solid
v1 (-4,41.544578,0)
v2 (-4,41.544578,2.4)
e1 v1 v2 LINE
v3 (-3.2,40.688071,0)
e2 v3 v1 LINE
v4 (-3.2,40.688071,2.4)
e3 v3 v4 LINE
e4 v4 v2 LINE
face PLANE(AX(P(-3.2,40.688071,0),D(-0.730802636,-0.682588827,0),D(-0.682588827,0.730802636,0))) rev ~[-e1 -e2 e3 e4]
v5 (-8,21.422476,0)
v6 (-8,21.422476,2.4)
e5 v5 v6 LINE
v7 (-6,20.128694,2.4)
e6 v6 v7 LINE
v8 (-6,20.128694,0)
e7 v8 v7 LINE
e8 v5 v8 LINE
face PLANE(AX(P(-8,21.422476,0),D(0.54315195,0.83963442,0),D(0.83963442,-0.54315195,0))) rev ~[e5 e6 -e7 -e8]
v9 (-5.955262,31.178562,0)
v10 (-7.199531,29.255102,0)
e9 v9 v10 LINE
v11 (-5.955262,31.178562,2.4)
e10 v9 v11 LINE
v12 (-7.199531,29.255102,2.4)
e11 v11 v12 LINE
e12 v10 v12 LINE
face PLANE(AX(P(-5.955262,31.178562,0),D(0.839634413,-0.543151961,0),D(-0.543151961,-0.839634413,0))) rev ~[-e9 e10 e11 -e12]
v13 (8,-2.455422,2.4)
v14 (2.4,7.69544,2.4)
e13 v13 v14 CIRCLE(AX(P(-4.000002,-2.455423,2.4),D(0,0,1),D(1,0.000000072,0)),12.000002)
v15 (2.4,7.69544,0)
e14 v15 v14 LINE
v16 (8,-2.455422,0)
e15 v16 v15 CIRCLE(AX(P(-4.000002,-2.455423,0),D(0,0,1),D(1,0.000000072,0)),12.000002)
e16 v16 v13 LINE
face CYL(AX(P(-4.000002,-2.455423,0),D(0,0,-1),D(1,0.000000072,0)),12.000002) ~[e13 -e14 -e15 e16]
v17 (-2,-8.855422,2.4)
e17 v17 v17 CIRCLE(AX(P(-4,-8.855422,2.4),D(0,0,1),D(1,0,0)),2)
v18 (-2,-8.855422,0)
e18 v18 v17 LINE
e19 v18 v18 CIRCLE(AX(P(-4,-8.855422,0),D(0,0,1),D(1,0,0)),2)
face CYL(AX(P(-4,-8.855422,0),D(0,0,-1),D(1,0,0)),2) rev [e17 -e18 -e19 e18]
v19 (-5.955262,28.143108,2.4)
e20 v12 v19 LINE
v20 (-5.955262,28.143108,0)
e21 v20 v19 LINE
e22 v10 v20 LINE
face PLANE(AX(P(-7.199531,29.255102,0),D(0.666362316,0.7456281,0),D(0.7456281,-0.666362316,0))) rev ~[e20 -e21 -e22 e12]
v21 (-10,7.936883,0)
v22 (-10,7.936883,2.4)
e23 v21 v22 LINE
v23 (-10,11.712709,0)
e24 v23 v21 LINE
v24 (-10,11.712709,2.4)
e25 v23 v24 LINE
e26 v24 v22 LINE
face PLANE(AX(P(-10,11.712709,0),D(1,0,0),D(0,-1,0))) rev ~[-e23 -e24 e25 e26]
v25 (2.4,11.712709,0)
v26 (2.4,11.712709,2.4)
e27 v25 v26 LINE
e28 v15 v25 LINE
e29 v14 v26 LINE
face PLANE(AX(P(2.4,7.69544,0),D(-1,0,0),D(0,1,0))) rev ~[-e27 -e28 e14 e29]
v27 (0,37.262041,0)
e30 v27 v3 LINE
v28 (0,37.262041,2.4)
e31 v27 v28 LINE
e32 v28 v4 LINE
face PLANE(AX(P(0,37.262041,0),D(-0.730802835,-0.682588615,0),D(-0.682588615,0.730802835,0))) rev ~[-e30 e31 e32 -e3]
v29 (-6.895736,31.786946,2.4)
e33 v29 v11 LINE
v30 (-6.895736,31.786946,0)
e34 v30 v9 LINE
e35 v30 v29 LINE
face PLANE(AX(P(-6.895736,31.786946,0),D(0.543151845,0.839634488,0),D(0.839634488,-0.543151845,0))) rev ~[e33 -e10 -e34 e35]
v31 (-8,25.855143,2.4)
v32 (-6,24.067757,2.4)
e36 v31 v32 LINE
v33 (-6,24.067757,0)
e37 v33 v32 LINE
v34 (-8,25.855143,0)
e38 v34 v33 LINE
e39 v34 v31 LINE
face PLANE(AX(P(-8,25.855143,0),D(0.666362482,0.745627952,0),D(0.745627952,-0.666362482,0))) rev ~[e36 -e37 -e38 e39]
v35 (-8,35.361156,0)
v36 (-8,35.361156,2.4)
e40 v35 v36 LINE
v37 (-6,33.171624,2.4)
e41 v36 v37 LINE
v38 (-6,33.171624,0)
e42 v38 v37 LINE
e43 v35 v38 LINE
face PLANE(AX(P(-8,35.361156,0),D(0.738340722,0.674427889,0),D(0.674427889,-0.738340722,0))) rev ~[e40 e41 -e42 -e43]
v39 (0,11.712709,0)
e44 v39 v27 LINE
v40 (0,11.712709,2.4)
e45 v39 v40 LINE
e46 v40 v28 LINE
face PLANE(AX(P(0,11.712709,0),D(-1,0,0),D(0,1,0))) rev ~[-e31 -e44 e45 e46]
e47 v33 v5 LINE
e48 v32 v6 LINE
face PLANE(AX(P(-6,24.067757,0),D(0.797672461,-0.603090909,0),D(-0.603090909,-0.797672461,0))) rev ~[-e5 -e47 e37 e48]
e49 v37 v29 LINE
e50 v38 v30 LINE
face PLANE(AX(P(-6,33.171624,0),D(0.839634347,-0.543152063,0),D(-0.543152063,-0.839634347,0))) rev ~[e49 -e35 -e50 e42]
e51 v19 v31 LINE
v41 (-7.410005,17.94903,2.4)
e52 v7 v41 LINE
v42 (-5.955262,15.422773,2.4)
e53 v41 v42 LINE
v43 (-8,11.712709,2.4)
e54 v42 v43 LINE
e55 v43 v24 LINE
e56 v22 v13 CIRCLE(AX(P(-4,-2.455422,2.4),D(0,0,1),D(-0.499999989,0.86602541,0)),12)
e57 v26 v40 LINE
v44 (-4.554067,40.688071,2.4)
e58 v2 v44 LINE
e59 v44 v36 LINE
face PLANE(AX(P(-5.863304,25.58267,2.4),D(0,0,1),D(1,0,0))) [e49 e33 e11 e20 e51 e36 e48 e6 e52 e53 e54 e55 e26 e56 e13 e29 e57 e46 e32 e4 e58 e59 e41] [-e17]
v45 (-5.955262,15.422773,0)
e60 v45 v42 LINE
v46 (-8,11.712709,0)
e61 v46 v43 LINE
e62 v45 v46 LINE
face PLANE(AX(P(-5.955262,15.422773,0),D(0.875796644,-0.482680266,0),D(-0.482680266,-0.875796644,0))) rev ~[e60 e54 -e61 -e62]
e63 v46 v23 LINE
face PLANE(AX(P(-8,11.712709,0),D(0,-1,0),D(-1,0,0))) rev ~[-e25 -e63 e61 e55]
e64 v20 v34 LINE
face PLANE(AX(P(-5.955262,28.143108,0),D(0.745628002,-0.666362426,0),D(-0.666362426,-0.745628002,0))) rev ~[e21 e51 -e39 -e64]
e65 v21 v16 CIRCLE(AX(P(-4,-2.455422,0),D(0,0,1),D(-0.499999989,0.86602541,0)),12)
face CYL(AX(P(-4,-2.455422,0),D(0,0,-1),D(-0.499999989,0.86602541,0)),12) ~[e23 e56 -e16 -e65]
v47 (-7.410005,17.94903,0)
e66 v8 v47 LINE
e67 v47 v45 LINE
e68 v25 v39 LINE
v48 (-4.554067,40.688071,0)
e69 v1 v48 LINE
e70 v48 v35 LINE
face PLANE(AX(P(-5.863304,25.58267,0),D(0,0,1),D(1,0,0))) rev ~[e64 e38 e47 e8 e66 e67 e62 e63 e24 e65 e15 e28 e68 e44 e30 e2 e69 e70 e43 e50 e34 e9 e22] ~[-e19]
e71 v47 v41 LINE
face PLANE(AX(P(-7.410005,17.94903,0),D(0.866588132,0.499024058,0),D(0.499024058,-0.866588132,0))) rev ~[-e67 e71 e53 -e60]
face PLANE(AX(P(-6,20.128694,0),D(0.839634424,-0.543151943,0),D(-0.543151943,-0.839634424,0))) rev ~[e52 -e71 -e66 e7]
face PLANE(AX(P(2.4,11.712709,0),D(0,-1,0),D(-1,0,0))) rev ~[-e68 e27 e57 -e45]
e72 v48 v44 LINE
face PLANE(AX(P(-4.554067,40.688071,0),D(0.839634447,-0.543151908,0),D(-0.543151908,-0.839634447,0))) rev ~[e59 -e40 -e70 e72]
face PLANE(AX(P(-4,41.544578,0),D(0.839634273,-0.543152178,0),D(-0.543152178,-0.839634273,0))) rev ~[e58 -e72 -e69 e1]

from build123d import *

# Parameters (mm, degrees)
F0_R     = 2
F1_DEPTH = 2.4


with BuildPart() as f1:
    # F0 (on Top) → F1 (new body)
    with BuildSketch(Plane.XY):
        Polygon((-5.955262, 15.422773), (-8, 11.712709), (-4.8, 11.712709), (-4.554067, 40.688071), (-8, 35.361156), (-6, 33.171624), (-6.895736, 31.786946), (-5.955262, 31.178562), (-7.199531, 29.255102), (-5.955262, 28.143108), (-8, 25.855143), (-6, 24.067757), (-8, 21.422476), (-6, 20.128694), (-7.410005, 17.94903), align=None)
        Polygon((-3.2, 11.712709), (0, 11.712709), (0, 37.262041), (-3.2, 40.688071), align=None)
        with BuildLine():
            Line((-10, 11.712709), (-10, 7.936883))
            ThreePointArc((-10, 7.936883), (-7.105829, 9.135688), (-4, 9.544578))
            Line((-4, 9.544578), (-4, 11.712709))
            Line((-4, 11.712709), (-4.8, 11.712709))
            Line((-4.8, 11.712709), (-8, 11.712709))
            Line((-8, 11.712709), (-10, 11.712709))
        make_face()
        with BuildLine():
            ThreePointArc((-4, 9.544578), (-0.66911, 9.073029), (2.4, 7.69544))
            Line((2.4, 7.69544), (2.4, 11.712709))
            Line((2.4, 11.712709), (0, 11.712709))
            Line((0, 11.712709), (-3.2, 11.712709))
            Line((-3.2, 11.712709), (-4, 11.712709))
            Line((-4, 11.712709), (-4, 9.544578))
        make_face()
        with BuildLine():
            ThreePointArc((-10, 7.936883), (-10, -12.847727), (8, -2.455422))
            ThreePointArc((8, -2.455422), (6.50714, 3.341129), (2.4, 7.69544))
            ThreePointArc((2.4, 7.69544), (-0.66911, 9.073029), (-4, 9.544578))
            ThreePointArc((-4, 9.544578), (-7.105829, 9.135688), (-10, 7.936883))
        make_face()
        with Locations((-4, -8.855422)):
            Circle(F0_R, mode=Mode.SUBTRACT)
        Polygon((-4, 41.544578), (-4, 11.712709), (-3.2, 11.712709), (-3.2, 40.688071), align=None)
        Polygon((-4.8, 11.712709), (-4, 11.712709), (-4, 41.544578), (-4.554067, 40.688071), align=None)
    extrude(amount=F1_DEPTH)


solid = f1.part
